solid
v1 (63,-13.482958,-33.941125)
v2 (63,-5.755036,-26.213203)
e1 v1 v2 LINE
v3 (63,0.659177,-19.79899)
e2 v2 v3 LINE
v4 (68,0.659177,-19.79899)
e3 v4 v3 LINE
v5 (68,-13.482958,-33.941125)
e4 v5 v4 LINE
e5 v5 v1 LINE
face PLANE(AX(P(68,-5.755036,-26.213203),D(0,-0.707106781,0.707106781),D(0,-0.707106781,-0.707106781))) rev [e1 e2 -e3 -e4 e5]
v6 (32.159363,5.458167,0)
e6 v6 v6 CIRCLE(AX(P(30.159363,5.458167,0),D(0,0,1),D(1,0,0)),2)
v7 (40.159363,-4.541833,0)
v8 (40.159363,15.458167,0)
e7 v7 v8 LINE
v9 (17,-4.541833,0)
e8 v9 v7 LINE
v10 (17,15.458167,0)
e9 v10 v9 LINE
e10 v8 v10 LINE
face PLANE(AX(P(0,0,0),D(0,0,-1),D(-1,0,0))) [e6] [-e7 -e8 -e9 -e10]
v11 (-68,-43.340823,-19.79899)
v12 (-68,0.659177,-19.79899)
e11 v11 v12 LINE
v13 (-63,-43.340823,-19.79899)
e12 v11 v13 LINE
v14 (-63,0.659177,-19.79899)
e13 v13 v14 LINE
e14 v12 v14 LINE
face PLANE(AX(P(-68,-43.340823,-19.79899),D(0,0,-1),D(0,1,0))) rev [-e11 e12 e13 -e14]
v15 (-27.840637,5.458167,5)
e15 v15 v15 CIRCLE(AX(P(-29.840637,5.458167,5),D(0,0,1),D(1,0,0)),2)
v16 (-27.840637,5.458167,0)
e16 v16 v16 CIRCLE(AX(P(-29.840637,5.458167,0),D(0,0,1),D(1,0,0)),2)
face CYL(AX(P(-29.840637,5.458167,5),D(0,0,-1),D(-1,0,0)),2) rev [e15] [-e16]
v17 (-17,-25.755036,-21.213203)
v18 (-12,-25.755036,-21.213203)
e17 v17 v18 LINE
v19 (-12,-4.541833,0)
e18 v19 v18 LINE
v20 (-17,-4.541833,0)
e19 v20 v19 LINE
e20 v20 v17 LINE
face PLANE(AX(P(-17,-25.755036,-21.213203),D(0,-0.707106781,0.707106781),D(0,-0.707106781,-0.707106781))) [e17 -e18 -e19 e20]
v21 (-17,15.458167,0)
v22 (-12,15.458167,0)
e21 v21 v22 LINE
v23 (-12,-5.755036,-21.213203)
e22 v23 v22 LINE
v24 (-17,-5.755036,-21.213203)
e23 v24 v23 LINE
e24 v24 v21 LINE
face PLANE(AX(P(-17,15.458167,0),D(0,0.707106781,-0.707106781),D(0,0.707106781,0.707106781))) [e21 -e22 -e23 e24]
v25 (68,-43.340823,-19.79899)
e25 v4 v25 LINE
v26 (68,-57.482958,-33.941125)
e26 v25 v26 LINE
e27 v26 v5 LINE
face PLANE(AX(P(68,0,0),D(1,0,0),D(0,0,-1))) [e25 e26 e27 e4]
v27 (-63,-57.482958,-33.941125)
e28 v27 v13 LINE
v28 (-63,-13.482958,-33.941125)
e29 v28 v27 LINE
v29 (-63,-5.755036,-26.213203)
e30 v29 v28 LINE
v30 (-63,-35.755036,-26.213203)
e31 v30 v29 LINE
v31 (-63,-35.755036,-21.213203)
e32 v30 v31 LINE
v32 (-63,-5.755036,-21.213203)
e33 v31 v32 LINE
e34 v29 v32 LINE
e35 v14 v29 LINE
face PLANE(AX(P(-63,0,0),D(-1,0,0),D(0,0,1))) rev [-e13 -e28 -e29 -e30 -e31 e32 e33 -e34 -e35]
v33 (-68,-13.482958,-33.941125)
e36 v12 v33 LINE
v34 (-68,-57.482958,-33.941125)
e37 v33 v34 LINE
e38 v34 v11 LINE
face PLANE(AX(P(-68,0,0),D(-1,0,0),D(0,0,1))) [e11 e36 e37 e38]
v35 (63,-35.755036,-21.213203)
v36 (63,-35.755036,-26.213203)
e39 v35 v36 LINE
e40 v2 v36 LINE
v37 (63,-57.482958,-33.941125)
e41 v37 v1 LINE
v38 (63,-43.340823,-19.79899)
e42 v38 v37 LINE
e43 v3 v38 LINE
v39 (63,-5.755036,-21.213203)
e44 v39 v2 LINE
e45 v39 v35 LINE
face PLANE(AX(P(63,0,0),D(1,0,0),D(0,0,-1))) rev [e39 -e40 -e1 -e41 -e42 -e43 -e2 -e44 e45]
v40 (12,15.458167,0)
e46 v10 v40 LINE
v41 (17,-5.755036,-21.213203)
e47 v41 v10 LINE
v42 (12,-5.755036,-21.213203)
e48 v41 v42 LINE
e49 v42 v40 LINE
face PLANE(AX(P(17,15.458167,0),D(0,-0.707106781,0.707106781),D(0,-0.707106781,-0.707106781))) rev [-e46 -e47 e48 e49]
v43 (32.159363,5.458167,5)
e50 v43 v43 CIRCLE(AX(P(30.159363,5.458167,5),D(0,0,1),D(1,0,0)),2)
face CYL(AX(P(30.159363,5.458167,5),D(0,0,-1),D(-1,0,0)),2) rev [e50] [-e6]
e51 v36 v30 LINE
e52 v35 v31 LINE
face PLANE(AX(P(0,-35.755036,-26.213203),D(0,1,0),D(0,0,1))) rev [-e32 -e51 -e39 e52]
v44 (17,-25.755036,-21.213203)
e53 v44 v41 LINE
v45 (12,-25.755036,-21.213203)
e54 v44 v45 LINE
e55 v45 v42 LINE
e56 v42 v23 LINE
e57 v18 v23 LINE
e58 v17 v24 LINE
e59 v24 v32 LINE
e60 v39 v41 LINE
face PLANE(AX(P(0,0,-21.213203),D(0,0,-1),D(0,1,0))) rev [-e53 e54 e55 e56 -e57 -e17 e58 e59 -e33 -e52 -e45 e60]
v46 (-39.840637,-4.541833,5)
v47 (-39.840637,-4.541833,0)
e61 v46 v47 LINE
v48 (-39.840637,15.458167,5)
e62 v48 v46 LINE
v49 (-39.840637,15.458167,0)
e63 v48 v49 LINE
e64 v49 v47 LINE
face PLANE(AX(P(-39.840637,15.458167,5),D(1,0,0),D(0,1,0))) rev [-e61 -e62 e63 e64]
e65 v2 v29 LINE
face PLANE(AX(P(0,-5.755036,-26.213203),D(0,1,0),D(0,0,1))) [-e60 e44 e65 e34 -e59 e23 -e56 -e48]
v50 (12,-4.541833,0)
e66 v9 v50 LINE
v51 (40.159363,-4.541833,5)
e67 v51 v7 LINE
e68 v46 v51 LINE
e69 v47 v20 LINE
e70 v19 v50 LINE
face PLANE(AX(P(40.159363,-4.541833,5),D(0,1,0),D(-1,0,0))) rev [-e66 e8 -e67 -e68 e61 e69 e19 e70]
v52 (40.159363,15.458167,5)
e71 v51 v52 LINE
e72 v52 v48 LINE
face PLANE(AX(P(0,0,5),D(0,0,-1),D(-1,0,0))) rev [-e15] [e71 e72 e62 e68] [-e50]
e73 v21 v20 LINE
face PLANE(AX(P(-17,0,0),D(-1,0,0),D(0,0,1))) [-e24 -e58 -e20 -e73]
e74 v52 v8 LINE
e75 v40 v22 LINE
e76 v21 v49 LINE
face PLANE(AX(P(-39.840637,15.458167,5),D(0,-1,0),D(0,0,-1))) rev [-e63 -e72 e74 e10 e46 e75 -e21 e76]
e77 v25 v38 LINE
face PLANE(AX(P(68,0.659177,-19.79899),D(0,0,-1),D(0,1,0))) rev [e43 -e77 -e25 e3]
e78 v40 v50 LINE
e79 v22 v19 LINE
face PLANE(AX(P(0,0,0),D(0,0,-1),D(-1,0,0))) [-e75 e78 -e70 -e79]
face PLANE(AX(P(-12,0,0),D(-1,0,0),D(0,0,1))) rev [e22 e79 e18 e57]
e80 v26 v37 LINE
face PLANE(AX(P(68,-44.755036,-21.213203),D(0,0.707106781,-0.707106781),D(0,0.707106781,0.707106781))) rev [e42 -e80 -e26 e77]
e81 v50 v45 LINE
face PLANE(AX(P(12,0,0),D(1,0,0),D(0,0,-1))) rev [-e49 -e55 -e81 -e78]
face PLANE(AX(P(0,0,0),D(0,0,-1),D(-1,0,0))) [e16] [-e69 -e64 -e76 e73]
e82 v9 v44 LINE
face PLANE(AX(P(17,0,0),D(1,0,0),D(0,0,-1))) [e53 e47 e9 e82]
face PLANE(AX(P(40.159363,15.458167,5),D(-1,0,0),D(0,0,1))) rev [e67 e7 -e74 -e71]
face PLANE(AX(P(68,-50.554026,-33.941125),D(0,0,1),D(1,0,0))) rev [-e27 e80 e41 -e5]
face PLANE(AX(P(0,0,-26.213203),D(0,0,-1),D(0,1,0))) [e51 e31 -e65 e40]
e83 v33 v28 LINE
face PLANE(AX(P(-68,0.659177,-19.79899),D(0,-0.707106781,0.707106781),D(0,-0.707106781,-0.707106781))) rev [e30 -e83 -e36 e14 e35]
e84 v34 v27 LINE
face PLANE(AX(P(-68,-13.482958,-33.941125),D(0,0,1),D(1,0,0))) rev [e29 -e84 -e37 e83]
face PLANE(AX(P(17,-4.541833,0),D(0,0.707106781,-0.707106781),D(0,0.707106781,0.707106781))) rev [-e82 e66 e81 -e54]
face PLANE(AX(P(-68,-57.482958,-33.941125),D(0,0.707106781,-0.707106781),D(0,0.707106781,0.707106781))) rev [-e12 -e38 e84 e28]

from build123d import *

# Parameters (mm, degrees)
SKETCH1_W            = 80
SKETCH1_H            = 20
SKETCH1_R            = 2
BOSS_EXTRUDE1_DEPTH  = 5
BOSS_EXTRUDE2_DEPTH  = 5
BOSS_EXTRUDE3_DEPTH  = 5
BOSS_EXTRUDE4_DEPTH  = 5
BOSS_EXTRUDE9_DEPTH  = 5
BOSS_EXTRUDE10_DEPTH = 5


with BuildPart() as part:
    # Sketch1 → Boss-Extrude1 (new body)
    with BuildSketch(Plane.XY):
        with Locations((0.15936255, 5.458167331)):
            Rectangle(SKETCH1_W, SKETCH1_H)
        with Locations((-29.84063745, 5.458167331)):
            Circle(SKETCH1_R, mode=Mode.SUBTRACT)
        with Locations((30.15936255, 5.458167331)):
            Circle(SKETCH1_R, mode=Mode.SUBTRACT)
    extrude(amount=BOSS_EXTRUDE1_DEPTH)

    # Sketch2 → Boss-Extrude2 (add)
    with BuildSketch(Plane(origin=(12, 0, 0), x_dir=(0, 0, -1), z_dir=(1, 0, 0))):
        Polygon((0, 15.458167331), (21.213203436, -5.755036105), (21.213203436, -25.755036105), (0, -4.541832669), align=None)
    extrude(amount=BOSS_EXTRUDE2_DEPTH)

    # Sketch3 → Boss-Extrude3 (add)
    with BuildSketch(Plane(origin=(-12, 0, 0), x_dir=(0, 0, -1), z_dir=(1, 0, 0))):
        Polygon((0, 15.458167331), (21.213203436, -5.755036105), (21.213203436, -25.755036105), (0, -4.541832669), align=None)
    extrude(amount=-BOSS_EXTRUDE3_DEPTH)

    # Sketch4 → Boss-Extrude4 (add)
    with BuildSketch(Plane(origin=(0, 0, -21.213203436), x_dir=(-1, 0, 0), z_dir=(0, 0, -1))):
        Polygon((65, -5.755036105), (-17, -5.755036105), (-65, -5.755036105), (-65, -25.127384199), (-65, -32.826103917), (-65, -35.755036105), (65, -35.755036105), (65, -32.826103917), (65, -25.561464244), align=None)
    extrude(amount=BOSS_EXTRUDE4_DEPTH)

    # Sketch6 → Boss-Extrude9 (add)
    with BuildSketch(Plane(origin=(63, 0, 0), x_dir=(0, 0, -1), z_dir=(1, 0, 0))):
        Polygon((26.213203436, -5.755036105), (33.941125497, -13.482958166), (33.941125497, -50.554025978), (33.941125497, -55.554025978), (33.941125497, -57.482958166), (21.213203436, -44.755036105), (19.798989873, -43.340822543), (19.798989873, 0.659177457), (21.213203436, -0.755036105), align=None)
    extrude(amount=BOSS_EXTRUDE9_DEPTH)

    # Sketch8 → Boss-Extrude10 (add)
    with BuildSketch(Plane.ZY.offset(63)):
        Polygon((-19.798989873, 0.659177457), (-33.941125497, -13.482958166), (-33.941125497, -57.482958166), (-19.798989873, -43.340822543), align=None)
    extrude(amount=BOSS_EXTRUDE10_DEPTH)


solid = part.part
